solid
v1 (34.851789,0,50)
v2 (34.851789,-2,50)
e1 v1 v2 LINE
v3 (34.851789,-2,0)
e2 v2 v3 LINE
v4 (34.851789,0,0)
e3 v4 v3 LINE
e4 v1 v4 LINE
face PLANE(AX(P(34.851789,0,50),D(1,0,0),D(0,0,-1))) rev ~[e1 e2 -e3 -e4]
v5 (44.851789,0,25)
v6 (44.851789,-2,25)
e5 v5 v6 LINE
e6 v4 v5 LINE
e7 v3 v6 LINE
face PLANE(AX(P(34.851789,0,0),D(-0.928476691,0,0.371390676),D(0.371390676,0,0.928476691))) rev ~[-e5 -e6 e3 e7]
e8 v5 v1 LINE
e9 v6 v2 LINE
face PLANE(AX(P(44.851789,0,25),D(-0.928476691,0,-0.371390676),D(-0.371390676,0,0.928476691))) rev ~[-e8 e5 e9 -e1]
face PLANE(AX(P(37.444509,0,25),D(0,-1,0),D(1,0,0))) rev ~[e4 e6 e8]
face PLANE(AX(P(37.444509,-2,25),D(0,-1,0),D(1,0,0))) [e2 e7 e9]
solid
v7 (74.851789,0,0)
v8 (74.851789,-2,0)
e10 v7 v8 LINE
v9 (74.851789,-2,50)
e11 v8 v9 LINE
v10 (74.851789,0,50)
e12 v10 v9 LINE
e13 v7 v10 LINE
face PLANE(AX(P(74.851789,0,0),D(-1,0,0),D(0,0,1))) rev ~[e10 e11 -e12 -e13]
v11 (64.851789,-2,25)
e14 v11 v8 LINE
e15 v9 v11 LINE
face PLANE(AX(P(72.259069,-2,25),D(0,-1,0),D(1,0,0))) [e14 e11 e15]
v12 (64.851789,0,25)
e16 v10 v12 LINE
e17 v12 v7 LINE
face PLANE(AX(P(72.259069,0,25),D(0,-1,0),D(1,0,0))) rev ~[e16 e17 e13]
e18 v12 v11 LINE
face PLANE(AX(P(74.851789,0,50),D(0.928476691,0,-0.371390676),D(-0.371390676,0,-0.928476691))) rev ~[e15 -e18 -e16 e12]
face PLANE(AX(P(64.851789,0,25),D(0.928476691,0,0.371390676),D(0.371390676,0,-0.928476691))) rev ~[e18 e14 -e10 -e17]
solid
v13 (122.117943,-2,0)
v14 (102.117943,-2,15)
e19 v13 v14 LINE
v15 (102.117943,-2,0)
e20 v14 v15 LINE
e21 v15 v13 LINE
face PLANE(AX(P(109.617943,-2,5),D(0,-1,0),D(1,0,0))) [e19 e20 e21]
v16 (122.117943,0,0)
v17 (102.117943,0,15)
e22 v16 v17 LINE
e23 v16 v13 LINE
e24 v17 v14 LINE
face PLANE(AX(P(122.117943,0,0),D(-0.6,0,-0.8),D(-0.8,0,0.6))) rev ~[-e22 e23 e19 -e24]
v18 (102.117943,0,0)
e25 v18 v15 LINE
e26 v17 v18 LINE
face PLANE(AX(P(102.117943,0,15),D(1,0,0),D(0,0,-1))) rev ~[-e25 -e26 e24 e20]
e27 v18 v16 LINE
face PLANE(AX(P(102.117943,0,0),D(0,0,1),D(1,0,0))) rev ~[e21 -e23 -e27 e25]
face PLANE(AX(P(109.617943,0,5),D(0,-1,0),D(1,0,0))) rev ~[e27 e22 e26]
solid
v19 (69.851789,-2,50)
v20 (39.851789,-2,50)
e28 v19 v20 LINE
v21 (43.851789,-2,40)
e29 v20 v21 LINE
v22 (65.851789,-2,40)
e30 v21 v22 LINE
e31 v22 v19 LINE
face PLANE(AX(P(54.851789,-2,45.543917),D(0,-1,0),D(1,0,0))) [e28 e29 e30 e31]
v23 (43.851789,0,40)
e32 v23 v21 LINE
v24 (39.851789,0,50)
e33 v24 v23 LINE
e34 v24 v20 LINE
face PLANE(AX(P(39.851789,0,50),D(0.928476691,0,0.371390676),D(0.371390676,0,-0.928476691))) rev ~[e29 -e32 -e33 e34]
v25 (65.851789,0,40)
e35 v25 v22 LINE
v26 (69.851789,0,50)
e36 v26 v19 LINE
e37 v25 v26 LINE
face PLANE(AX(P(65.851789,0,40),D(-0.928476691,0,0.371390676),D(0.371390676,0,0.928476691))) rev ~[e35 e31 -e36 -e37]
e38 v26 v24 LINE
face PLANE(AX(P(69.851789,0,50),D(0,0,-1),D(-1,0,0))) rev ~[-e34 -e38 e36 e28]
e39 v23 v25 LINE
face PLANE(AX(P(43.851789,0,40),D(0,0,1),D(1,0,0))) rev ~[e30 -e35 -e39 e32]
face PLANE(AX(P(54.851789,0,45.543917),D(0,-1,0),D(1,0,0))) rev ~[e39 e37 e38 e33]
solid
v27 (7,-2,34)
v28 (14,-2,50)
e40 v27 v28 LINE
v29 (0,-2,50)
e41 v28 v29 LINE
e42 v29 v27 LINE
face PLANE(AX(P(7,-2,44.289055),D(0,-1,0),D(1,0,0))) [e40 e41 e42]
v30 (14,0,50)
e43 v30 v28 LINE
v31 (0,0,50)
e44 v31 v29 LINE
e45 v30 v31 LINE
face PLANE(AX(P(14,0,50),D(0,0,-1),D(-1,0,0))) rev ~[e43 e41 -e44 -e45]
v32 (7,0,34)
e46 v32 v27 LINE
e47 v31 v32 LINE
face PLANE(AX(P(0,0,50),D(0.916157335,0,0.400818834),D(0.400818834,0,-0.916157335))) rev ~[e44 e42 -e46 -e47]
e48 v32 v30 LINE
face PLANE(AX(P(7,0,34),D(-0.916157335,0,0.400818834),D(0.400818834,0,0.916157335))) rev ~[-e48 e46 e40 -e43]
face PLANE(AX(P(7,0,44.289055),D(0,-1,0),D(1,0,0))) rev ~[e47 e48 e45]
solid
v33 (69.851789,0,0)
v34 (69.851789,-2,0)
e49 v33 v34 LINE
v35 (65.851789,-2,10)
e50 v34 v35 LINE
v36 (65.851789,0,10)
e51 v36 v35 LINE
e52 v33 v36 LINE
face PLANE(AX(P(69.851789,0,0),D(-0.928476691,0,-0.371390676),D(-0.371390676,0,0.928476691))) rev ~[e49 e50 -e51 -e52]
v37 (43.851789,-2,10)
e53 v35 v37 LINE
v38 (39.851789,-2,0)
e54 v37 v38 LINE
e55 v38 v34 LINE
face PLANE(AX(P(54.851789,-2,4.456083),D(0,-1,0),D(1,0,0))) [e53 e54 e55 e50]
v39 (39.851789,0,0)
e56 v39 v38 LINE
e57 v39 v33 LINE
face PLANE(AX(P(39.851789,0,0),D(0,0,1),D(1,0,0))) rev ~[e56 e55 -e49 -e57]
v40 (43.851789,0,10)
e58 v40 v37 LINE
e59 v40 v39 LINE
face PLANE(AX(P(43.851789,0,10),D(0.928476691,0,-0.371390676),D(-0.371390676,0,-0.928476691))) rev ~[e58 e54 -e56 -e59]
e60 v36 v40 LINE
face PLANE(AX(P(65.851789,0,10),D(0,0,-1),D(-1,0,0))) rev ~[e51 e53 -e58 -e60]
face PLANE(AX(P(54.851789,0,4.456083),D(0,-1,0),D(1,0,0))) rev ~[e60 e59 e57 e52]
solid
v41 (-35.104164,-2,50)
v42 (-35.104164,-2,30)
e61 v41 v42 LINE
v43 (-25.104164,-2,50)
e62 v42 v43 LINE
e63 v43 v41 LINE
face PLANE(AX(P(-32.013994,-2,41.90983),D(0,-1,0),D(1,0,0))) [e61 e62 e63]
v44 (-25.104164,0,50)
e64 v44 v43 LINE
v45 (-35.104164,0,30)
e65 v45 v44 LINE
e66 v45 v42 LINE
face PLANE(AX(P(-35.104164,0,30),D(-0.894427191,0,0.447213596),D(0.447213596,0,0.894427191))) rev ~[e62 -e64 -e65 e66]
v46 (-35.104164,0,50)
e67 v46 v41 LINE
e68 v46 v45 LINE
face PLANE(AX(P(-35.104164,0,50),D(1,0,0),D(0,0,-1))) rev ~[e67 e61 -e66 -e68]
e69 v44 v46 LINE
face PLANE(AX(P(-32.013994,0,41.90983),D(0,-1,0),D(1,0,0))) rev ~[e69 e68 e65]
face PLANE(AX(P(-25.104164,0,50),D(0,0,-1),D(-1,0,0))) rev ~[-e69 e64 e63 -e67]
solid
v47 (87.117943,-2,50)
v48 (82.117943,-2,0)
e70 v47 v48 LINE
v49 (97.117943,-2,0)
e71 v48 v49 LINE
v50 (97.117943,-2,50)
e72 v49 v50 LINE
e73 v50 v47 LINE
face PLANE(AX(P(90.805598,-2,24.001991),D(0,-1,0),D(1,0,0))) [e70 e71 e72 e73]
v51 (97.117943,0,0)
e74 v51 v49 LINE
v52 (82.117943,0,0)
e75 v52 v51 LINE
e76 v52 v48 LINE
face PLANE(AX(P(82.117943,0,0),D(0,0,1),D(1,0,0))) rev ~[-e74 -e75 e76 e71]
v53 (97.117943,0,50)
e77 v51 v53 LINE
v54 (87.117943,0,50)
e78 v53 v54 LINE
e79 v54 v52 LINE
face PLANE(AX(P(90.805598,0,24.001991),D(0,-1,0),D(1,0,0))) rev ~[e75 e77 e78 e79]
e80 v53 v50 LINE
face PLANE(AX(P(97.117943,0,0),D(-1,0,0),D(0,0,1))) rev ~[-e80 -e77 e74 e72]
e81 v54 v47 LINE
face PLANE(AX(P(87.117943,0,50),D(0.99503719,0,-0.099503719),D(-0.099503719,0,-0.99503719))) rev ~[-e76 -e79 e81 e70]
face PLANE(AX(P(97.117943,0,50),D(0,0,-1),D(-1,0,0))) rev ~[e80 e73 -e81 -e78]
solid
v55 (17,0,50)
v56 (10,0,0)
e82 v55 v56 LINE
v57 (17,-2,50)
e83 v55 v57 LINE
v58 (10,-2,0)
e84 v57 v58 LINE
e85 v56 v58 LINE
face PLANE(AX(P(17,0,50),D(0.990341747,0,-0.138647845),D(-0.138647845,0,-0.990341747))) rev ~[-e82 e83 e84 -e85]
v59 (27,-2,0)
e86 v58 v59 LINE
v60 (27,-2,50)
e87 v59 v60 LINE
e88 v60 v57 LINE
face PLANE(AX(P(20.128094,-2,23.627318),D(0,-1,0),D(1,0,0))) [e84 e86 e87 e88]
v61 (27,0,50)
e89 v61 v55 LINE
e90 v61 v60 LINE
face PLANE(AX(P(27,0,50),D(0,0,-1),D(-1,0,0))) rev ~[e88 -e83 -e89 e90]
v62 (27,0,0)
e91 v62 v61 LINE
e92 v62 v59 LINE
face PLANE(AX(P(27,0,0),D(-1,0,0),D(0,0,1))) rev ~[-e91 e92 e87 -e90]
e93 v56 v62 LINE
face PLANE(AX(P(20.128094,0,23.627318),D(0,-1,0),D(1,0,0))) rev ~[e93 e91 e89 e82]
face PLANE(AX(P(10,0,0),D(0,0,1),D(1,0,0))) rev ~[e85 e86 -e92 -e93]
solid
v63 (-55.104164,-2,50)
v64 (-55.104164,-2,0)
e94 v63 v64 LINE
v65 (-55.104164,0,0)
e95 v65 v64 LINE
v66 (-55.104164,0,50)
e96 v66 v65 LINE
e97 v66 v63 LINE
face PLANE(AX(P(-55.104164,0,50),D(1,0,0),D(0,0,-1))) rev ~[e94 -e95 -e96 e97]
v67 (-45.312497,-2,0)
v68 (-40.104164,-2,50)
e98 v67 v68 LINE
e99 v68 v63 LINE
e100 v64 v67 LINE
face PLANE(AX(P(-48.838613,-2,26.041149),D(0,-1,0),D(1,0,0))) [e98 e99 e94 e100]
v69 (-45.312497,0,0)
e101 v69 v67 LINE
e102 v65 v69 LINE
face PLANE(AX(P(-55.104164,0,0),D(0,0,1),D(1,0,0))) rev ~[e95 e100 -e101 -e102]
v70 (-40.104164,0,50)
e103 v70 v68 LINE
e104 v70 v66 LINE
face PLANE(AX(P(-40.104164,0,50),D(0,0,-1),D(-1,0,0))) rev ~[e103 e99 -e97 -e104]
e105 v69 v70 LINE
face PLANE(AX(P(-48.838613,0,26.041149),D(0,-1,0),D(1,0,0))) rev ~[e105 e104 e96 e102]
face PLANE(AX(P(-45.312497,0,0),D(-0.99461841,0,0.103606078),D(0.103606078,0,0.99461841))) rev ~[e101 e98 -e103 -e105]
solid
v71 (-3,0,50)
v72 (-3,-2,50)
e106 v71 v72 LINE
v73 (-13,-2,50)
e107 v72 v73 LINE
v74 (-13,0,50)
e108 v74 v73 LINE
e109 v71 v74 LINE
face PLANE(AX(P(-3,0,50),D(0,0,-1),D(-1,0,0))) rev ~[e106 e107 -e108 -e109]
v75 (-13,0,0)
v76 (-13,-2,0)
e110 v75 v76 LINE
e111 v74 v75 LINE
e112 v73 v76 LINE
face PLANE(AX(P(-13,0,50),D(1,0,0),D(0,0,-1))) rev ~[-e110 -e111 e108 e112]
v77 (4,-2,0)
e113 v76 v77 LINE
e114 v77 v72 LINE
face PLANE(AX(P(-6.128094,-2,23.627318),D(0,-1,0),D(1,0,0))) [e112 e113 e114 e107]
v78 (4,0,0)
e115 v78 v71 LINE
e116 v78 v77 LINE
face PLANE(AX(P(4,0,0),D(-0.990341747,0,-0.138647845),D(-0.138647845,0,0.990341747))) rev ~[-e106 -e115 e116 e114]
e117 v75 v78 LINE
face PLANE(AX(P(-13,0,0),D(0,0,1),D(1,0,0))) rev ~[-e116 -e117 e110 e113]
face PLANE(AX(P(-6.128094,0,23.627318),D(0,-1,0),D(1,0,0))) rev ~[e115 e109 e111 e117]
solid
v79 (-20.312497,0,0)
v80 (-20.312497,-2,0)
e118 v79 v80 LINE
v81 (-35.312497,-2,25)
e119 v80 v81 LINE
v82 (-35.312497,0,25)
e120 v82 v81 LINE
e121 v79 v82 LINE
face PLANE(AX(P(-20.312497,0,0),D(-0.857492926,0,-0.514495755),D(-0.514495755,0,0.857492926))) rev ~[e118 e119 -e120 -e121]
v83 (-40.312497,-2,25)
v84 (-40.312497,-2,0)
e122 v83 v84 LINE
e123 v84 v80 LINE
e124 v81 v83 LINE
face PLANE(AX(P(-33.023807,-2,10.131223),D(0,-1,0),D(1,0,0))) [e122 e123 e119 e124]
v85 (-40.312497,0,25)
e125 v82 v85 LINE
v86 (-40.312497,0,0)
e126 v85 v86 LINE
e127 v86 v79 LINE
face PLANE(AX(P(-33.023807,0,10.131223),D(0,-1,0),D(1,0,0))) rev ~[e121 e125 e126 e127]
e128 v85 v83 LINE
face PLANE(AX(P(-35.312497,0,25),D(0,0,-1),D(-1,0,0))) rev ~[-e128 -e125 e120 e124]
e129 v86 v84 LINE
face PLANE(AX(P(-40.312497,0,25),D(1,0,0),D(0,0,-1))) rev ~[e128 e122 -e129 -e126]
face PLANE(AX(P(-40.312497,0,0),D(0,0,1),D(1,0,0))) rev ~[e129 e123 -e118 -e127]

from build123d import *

# Parameters (mm, degrees)
F4_DEPTH = 2


with BuildPart() as f4:
    # F0 (on Front) + F1 (on Front) + F2 (on Front) + F3 (on Front) → F4 (new body)
    with BuildSketch(Plane.XZ):
        Polygon((-55.104164, 50), (-55.104164, 0), (-45.312497, 0), (-40.104164, 50), align=None)
        Polygon((-40.312497, 25), (-40.312497, 0), (-20.312497, 0), (-35.312497, 25), align=None)
        Polygon((-35.104164, 50), (-35.104164, 30), (-25.104164, 50), align=None)
    with BuildSketch(Plane.XZ):
        Polygon((-13, 50), (-13, 0), (4, 0), (-3, 50), align=None)
        Polygon((14, 50), (0, 50), (7, 34), align=None)
        Polygon((27, 0), (27, 50), (17, 50), (10, 0), align=None)
    with BuildSketch(Plane.XZ):
        Polygon((34.851789, 50), (34.851789, 0), (44.851789, 25), align=None)
        Polygon((43.851789, 10), (39.851789, 0), (69.851789, 0), (65.851789, 10), align=None)
        Polygon((74.851789, 0), (74.851789, 50), (64.851789, 25), align=None)
        Polygon((39.851789, 50), (43.851789, 40), (65.851789, 40), (69.851789, 50), align=None)
    with BuildSketch(Plane.XZ):
        Polygon((87.117943, 50), (82.117943, 0), (97.117943, 0), (97.117943, 50), align=None)
        Polygon((102.117943, 15), (102.117943, 0), (122.117943, 0), align=None)
    extrude(amount=F4_DEPTH)


solid = f4.part
